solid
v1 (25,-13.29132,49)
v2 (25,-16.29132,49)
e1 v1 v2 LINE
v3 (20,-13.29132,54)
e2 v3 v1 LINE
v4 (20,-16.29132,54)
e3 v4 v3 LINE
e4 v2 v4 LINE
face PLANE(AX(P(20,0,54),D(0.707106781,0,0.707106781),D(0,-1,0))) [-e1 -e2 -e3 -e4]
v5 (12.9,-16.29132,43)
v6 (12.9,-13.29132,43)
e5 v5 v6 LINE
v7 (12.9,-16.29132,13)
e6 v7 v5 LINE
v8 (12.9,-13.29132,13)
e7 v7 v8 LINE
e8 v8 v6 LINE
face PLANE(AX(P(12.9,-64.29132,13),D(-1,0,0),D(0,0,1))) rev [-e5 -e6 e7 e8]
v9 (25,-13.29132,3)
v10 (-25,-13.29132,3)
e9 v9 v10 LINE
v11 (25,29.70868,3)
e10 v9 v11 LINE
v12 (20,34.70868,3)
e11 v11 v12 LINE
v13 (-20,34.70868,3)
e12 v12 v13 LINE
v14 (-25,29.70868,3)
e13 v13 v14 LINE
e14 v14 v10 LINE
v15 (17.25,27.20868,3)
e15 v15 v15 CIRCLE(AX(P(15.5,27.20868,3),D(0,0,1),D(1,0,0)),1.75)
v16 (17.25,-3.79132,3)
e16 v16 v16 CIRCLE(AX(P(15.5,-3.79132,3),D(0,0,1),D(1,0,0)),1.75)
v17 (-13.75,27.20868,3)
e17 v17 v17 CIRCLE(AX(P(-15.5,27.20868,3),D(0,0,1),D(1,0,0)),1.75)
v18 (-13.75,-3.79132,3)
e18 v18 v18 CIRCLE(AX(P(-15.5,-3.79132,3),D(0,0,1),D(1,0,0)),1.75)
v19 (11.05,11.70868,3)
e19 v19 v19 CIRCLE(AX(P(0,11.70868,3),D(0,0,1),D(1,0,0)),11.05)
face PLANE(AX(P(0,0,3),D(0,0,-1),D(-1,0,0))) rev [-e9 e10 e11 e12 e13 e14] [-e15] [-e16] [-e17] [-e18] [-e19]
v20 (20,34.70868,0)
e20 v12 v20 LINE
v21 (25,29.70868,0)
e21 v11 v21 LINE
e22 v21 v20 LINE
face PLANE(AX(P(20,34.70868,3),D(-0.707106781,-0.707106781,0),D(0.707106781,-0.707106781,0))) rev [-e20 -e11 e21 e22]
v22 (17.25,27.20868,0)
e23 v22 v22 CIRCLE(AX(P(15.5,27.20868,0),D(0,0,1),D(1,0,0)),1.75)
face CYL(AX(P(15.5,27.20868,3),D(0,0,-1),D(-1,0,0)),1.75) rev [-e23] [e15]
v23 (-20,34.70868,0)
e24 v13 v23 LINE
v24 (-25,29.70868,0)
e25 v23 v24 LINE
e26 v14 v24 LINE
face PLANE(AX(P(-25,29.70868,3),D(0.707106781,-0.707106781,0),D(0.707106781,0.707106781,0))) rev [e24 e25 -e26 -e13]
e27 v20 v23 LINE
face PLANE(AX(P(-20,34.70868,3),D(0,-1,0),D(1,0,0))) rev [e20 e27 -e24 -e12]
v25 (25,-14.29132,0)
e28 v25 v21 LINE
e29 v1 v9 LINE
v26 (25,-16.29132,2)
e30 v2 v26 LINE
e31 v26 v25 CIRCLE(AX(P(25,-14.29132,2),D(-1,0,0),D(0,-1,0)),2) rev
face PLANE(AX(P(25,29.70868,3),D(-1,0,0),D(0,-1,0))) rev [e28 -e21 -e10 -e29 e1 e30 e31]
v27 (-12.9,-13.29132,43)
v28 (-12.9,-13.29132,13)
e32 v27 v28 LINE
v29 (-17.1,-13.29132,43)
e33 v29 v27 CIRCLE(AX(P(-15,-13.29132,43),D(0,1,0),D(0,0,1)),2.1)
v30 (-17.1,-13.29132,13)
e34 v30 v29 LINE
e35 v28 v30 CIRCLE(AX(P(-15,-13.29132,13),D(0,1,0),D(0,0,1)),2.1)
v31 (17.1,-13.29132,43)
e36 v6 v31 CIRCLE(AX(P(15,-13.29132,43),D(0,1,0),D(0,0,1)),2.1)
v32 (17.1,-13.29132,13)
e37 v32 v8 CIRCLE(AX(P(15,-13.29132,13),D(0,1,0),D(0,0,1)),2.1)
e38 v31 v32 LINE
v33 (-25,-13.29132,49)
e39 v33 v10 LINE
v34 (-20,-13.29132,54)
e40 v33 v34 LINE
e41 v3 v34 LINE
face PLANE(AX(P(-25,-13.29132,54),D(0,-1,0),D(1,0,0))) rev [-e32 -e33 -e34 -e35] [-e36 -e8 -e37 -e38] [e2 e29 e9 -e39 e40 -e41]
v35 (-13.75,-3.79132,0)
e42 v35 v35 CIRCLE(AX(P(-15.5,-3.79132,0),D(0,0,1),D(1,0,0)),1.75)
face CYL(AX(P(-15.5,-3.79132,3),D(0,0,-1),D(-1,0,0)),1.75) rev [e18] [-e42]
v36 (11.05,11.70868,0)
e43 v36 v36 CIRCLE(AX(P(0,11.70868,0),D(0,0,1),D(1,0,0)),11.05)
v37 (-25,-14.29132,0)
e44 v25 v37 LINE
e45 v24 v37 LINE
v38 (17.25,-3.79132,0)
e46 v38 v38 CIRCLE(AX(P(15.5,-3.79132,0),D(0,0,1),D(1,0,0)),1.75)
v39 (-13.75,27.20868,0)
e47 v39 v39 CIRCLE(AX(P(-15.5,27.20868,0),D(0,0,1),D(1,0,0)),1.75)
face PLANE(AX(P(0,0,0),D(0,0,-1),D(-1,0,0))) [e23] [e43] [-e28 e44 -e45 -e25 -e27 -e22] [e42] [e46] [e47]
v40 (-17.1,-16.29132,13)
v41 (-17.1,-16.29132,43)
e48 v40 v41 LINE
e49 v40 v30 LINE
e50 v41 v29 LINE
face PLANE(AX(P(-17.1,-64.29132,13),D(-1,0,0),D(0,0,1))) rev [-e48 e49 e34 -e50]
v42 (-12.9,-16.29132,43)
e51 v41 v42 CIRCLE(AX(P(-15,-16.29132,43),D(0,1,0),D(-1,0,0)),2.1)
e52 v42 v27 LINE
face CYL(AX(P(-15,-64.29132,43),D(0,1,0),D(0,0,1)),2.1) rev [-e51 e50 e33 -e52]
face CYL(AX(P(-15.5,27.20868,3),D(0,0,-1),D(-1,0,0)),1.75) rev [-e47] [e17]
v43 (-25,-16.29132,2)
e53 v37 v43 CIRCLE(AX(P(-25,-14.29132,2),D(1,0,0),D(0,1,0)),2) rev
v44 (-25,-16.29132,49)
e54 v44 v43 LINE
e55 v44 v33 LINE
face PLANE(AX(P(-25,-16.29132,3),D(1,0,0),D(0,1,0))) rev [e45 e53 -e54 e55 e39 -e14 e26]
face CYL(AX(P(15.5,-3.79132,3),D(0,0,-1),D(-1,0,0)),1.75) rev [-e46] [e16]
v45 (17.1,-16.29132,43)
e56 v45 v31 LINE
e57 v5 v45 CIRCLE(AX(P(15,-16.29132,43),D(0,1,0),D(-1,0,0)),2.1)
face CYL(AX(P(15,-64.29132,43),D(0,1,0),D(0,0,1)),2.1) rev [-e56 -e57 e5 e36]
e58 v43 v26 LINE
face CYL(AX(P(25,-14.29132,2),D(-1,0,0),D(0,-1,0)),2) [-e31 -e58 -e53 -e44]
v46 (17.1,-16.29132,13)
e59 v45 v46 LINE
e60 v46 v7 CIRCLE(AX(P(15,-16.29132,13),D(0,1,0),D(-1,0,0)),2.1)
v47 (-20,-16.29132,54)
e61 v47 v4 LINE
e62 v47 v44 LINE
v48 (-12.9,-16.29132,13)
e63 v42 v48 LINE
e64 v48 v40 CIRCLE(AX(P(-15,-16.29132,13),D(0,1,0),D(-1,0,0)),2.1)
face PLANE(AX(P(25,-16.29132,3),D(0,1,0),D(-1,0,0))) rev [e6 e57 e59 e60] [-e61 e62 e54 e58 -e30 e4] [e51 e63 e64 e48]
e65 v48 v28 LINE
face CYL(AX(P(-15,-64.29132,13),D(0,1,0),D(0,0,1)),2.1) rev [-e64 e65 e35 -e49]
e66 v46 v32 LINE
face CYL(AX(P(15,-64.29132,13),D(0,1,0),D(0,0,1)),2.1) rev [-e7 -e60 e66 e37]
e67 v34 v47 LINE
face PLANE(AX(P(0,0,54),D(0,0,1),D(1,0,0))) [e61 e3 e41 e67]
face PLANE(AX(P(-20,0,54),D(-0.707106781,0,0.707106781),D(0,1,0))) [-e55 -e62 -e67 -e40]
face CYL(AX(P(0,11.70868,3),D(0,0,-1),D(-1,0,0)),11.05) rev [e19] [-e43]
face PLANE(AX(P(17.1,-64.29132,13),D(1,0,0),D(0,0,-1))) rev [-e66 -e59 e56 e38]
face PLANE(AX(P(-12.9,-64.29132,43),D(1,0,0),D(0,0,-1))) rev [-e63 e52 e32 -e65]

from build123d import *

# Parameters (mm, degrees)
SKETCH_1_R          = 1.75
SKETCH_1_R_2        = 11.05
EXTRUDE_1_DEPTH     = 3
SKETCH_2_W          = 50
SKETCH_2_H          = 3
EXTRUDE_2_DEPTH     = 51
FILLET_1_R          = 2
CUT_EXTRUDE_1_DEPTH = 51
CHAMFER_1_SIZE      = 5


with BuildPart() as part:
    # 草图1 → 凸台-拉伸1 (new body)
    with BuildSketch(Plane.XY):
        Polygon((25, 29.708680022), (25, -16.291319978), (-25, -16.291319978), (-25, 29.708680022), (-20, 34.708680022), (20, 34.708680022), align=None)
        with Locations((-15.5, 27.208680022)):
            Circle(SKETCH_1_R, mode=Mode.SUBTRACT)
        with Locations((15.5, 27.208680022)):
            Circle(SKETCH_1_R, mode=Mode.SUBTRACT)
        with Locations((-15.5, -3.791319978)):
            Circle(SKETCH_1_R, mode=Mode.SUBTRACT)
        with Locations((15.5, -3.791319978)):
            Circle(SKETCH_1_R, mode=Mode.SUBTRACT)
        with Locations((0, 11.708680022)):
            Circle(SKETCH_1_R_2, mode=Mode.SUBTRACT)
    extrude(amount=EXTRUDE_1_DEPTH)

    # 草图2 → 凸台-拉伸2 (add)
    with BuildSketch(Plane.XY.offset(3)):
        with Locations((0, -14.791319978)):
            Rectangle(SKETCH_2_W, SKETCH_2_H)
    extrude(amount=EXTRUDE_2_DEPTH)

    # 圆角1
    fillet_1_edges = [part.edges().sort_by_distance(p)[0] for p in [
        (0, -16.291319978, 0),
    ]]
    fillet(fillet_1_edges, radius=FILLET_1_R)

    # 草图3 → 切除-拉伸1 (cut)
    with BuildSketch(Plane(origin=(0, -13.291319978, 0), x_dir=(1, 0, 0), z_dir=(0, 1, 0))):
        with BuildLine():
            Line((-17.1, -13), (-17.1, -43))
            ThreePointArc((-17.1, -43), (-15, -45.1), (-12.9, -43))
            Line((-12.9, -43), (-12.9, -13))
            ThreePointArc((-12.9, -13), (-15, -10.9), (-17.1, -13))
        make_face()
        with BuildLine():
            Line((12.9, -13), (12.9, -43))
            ThreePointArc((12.9, -43), (15, -45.1), (17.1, -43))
            Line((17.1, -43), (17.1, -13))
            ThreePointArc((17.1, -13), (15, -10.9), (12.9, -13))
        make_face()
    extrude(amount=-CUT_EXTRUDE_1_DEPTH, mode=Mode.SUBTRACT)

    # 倒角1
    chamfer_1_edges = [part.edges().sort_by_distance(p)[0] for p in [
        (-25, -14.791319978, 54),
        (25, -14.791319978, 54),
    ]]
    chamfer(chamfer_1_edges, length=CHAMFER_1_SIZE)


solid = part.part
